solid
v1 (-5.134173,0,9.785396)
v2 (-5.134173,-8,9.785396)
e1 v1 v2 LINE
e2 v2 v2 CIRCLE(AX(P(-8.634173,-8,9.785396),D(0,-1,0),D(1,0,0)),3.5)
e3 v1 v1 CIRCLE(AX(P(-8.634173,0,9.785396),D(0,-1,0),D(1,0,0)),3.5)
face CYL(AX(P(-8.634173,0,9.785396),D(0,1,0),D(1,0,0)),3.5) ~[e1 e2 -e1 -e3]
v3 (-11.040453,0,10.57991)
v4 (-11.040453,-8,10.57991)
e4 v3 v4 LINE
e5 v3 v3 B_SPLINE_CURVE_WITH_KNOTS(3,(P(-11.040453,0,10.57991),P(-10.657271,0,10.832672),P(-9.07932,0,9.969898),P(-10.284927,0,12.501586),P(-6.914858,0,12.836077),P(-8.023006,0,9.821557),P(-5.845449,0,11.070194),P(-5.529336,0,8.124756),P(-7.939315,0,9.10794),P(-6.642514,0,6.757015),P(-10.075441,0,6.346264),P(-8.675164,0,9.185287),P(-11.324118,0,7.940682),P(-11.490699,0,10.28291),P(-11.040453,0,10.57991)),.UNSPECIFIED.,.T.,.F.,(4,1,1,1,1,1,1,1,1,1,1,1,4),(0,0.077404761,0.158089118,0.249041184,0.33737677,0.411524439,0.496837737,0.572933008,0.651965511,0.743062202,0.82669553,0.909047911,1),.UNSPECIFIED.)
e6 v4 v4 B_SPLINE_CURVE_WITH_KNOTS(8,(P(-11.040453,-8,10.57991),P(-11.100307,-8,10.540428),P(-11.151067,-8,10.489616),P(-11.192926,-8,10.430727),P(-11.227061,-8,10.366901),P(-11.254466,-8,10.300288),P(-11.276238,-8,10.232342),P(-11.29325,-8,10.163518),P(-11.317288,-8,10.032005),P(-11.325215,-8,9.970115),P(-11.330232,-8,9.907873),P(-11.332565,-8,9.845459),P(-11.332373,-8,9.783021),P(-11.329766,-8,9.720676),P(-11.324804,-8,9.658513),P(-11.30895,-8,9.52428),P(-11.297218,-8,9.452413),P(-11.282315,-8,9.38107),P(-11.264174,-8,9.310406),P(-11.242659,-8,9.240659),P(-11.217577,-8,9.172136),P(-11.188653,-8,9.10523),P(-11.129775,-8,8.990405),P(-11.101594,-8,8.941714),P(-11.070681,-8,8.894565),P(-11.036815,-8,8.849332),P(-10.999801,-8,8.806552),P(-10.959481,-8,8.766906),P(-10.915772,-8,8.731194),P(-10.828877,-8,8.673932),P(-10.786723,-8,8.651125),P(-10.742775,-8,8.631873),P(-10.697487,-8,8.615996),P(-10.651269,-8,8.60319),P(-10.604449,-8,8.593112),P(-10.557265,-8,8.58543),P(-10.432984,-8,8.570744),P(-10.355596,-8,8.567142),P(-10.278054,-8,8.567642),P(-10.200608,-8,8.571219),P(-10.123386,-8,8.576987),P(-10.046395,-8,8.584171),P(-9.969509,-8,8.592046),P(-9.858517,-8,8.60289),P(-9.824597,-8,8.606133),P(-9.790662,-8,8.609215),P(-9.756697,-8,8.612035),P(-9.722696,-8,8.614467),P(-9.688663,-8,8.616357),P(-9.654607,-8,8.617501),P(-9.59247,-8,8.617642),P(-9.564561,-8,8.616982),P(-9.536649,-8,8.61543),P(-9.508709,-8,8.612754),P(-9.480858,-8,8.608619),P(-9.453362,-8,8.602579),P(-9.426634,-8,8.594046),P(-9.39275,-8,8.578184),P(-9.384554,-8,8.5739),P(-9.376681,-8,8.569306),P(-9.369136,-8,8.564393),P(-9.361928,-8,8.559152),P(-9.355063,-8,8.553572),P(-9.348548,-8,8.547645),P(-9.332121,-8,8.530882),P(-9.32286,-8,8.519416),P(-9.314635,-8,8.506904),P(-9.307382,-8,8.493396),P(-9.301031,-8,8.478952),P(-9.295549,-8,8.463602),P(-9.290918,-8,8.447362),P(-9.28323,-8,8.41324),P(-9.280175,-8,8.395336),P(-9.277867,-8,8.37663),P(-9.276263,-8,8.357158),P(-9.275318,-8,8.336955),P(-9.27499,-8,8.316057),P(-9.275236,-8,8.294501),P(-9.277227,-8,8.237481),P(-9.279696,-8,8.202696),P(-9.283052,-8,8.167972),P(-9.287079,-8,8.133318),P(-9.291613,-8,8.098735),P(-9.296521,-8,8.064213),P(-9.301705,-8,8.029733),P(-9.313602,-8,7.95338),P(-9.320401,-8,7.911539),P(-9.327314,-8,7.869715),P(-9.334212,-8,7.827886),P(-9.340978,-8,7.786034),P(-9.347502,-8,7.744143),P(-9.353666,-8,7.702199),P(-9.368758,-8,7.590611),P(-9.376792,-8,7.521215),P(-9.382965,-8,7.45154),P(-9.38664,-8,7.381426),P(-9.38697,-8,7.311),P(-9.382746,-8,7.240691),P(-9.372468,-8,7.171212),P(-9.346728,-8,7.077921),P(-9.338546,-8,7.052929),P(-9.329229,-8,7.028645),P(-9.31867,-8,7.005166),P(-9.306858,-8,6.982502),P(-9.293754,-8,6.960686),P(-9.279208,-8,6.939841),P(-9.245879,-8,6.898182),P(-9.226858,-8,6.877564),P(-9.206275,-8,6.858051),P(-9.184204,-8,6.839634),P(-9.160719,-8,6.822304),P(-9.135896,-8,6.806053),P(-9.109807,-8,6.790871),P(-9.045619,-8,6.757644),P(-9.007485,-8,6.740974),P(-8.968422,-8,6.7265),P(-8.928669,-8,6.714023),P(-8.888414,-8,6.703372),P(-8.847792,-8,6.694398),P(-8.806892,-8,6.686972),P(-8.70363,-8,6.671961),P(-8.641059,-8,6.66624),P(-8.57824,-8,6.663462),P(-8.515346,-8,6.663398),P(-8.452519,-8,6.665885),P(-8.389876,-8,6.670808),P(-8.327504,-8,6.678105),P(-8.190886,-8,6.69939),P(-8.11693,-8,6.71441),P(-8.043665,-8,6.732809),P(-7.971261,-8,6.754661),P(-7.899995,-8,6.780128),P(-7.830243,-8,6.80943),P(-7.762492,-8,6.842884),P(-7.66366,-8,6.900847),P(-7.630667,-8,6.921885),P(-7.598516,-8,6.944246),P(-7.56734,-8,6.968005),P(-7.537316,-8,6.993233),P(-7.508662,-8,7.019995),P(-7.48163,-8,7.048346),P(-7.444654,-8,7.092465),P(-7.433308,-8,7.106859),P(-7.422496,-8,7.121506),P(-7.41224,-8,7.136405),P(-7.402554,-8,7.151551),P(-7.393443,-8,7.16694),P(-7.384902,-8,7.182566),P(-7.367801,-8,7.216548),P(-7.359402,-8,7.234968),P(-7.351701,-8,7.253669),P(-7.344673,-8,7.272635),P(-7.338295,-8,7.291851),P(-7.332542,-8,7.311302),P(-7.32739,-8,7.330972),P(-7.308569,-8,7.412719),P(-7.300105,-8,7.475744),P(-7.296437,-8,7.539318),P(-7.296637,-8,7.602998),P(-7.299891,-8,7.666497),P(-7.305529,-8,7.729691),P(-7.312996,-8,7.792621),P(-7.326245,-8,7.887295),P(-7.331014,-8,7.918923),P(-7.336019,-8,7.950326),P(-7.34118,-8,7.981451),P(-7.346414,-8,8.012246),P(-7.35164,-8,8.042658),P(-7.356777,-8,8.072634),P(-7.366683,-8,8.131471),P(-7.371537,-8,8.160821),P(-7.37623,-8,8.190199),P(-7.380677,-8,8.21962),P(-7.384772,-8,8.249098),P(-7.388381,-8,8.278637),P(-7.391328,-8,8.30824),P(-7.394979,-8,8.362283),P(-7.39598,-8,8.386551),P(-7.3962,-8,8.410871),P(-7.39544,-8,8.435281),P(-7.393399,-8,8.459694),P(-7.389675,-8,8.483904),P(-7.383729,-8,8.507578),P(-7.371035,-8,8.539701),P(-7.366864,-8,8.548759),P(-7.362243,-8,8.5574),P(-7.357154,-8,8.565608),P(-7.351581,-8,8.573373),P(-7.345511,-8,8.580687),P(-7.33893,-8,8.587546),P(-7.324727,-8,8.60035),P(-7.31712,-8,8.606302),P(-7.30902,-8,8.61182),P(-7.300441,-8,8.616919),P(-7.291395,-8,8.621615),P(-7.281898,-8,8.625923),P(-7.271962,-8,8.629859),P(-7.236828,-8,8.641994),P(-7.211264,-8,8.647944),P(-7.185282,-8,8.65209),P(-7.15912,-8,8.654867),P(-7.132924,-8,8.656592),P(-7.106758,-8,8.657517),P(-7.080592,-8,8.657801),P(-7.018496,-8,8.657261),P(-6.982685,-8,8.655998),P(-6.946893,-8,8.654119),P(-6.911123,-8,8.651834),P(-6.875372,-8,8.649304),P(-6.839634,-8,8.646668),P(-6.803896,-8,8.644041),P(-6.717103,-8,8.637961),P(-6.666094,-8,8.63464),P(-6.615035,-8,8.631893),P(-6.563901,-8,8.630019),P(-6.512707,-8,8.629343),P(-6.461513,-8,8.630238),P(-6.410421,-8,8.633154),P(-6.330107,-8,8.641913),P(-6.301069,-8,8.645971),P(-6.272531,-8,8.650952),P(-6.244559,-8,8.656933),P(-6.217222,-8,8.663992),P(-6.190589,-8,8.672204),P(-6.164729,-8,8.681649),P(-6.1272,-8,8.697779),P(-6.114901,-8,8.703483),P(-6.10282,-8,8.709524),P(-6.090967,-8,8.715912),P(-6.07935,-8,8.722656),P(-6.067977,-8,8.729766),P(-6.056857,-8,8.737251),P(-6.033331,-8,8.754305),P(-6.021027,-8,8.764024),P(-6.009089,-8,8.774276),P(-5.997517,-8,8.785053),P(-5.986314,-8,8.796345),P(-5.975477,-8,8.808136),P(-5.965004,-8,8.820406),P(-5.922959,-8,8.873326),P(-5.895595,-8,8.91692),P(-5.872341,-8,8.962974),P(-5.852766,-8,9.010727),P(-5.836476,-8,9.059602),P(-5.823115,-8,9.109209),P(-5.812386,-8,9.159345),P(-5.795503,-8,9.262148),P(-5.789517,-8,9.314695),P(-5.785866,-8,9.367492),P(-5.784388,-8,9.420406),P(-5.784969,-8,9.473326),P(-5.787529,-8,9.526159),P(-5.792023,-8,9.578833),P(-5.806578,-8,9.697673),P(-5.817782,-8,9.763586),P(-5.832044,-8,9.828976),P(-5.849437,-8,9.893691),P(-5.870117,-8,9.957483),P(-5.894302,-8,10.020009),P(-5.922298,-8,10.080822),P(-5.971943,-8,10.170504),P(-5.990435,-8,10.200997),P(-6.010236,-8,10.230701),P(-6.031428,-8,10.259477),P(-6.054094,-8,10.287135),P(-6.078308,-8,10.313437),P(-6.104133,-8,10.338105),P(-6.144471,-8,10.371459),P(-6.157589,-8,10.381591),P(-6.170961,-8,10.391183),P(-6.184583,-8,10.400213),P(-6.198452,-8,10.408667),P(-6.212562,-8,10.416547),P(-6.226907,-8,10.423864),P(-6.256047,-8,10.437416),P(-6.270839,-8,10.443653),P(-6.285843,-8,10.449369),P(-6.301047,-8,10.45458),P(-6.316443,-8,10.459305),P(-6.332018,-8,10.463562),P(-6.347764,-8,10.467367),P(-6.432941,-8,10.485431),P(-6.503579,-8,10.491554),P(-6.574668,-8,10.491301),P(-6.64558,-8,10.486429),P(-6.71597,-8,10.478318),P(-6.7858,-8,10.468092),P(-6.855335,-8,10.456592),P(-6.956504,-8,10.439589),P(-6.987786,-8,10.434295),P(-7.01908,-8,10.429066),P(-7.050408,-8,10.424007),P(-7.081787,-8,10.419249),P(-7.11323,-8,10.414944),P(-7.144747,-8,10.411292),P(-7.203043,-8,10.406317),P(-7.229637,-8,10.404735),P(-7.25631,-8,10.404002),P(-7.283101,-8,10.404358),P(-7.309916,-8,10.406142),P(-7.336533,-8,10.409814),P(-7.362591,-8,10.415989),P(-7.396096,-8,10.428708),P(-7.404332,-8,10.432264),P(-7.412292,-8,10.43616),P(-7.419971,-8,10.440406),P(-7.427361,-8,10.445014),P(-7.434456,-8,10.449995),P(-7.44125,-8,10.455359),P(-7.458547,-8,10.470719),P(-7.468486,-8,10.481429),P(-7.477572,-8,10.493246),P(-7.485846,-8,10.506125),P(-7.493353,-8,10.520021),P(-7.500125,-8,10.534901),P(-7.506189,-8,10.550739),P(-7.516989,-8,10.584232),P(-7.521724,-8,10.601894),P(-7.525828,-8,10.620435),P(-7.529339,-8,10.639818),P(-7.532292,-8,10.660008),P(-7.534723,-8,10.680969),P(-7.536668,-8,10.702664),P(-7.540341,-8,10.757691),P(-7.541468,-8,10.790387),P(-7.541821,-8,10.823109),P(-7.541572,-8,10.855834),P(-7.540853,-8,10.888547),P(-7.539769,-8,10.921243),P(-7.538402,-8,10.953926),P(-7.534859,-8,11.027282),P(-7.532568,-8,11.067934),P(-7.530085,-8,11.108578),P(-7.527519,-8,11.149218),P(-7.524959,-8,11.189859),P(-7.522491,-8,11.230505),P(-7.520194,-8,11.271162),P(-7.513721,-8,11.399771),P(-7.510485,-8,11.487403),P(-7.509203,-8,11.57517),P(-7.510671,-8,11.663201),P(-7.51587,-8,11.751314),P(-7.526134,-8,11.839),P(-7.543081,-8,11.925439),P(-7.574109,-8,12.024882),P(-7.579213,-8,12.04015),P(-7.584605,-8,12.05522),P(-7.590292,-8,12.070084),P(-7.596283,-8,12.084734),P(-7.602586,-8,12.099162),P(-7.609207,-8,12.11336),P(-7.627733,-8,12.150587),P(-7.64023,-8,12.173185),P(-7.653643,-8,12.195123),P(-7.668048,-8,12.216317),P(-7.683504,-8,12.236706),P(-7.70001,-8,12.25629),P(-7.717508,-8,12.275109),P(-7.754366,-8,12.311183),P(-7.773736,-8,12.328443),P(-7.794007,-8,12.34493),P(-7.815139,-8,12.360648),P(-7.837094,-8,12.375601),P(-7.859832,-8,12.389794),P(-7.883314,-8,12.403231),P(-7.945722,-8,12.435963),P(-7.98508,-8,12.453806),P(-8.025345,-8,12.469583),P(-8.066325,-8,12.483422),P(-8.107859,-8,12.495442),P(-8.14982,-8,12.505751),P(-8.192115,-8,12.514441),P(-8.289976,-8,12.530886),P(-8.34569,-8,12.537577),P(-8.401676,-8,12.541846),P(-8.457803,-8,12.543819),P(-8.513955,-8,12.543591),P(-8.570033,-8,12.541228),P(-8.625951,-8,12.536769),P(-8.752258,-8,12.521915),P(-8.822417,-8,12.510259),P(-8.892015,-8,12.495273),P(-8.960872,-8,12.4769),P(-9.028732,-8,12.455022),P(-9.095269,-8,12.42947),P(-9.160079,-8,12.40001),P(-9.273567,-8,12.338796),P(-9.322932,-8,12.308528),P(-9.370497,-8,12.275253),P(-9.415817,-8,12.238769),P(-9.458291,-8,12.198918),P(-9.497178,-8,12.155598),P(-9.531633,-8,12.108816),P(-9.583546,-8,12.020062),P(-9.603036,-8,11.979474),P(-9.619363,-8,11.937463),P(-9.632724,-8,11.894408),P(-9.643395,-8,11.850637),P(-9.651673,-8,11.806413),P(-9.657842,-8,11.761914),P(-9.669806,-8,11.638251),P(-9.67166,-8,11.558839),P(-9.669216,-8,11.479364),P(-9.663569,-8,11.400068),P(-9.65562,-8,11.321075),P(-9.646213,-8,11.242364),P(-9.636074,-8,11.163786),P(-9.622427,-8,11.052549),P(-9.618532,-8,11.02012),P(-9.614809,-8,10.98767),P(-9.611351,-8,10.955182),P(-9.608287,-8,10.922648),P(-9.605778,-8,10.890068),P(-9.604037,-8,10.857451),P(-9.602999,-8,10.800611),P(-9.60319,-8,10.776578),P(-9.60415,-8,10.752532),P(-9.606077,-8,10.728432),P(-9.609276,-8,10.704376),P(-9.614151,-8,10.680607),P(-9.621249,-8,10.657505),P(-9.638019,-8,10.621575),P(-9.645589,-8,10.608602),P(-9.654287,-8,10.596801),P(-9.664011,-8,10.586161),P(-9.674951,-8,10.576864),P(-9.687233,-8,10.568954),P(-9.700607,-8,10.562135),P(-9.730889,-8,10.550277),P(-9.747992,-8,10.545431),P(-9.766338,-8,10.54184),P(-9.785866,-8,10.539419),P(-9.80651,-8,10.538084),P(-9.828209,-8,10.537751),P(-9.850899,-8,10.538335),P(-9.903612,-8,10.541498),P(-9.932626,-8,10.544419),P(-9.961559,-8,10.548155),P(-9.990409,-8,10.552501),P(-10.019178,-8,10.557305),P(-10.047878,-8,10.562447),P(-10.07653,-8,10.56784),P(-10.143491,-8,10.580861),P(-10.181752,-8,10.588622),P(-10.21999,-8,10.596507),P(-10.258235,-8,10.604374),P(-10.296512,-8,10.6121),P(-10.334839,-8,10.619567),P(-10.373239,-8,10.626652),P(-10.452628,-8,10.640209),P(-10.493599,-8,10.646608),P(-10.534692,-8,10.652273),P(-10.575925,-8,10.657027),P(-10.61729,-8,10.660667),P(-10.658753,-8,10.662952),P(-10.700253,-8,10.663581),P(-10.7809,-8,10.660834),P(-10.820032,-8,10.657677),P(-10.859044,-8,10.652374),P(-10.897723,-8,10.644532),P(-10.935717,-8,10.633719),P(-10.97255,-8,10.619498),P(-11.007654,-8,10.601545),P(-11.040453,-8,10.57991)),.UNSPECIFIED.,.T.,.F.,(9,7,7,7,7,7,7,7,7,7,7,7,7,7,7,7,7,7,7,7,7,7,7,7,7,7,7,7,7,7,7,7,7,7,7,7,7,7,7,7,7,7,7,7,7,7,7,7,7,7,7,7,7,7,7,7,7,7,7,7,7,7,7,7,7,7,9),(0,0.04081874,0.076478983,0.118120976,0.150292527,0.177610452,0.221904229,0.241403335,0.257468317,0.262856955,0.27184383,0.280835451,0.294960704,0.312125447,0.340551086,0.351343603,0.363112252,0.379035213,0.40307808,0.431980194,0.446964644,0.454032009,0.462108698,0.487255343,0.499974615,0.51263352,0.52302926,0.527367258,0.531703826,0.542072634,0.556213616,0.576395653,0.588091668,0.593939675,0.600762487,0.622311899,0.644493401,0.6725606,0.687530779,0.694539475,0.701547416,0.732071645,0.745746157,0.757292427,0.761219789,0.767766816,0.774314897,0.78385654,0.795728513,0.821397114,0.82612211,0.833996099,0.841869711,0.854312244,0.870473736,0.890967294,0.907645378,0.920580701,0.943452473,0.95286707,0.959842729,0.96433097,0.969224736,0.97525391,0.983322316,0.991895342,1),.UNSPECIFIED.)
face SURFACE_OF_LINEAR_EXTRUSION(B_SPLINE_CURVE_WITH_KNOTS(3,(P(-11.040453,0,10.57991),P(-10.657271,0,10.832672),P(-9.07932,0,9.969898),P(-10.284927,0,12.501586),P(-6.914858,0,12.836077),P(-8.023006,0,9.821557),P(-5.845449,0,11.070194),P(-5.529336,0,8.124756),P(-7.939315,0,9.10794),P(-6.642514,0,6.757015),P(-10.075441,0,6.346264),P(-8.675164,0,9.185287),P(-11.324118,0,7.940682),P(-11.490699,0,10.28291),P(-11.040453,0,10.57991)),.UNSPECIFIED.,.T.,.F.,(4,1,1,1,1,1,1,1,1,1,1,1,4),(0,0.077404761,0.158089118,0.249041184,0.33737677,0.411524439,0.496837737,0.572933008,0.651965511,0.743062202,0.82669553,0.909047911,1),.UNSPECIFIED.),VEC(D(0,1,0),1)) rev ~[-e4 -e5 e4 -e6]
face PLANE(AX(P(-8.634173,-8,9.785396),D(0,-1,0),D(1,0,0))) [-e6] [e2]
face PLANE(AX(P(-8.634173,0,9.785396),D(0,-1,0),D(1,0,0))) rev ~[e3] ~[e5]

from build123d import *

# Parameters (mm, degrees)
F0_R     = 3.5
F1_DEPTH = 8
F3_DEPTH = 8.382


with BuildPart() as f1:
    # F0 (on Front) → F1 (new body)
    with BuildSketch(Plane.XZ):
        with Locations((-8.6341733113, 9.7853960469)):
            Circle(F0_R)
    extrude(amount=F1_DEPTH)

    # F2 (on Front) → F3 (cut)
    with BuildSketch(Plane.XZ):
        with BuildLine():
            add(Edge.make_bspline(
                [(-11.0404528677, 10.5799101293), (-10.6572710451, 10.8326718119), (-9.079319755, 9.9698983938), (-10.284927353, 12.5015861225), (-6.9148580978, 12.8360767667), (-8.023005842, 9.821557263), (-5.8454493352, 11.0701940053), (-5.5293357757, 8.1247557422), (-7.9393152621, 9.1079395318), (-6.6425136932, 6.7570153672), (-10.0754407008, 6.3462641912), (-8.6751644582, 9.1852868951), (-11.3241182317, 7.9406815293), (-11.4906989103, 10.2829102703), (-11.0404528677, 10.5799101293)],
                knots=[0, 0, 0, 0, 0.0774047608, 0.1580891176, 0.2490411842, 0.3373767699, 0.4115244394, 0.4968377371, 0.572933008, 0.6519655111, 0.7430622017, 0.82669553, 0.909047911, 1, 1, 1, 1], degree=3))
        make_face()
    extrude(amount=F3_DEPTH, mode=Mode.SUBTRACT)


solid = f1.part
